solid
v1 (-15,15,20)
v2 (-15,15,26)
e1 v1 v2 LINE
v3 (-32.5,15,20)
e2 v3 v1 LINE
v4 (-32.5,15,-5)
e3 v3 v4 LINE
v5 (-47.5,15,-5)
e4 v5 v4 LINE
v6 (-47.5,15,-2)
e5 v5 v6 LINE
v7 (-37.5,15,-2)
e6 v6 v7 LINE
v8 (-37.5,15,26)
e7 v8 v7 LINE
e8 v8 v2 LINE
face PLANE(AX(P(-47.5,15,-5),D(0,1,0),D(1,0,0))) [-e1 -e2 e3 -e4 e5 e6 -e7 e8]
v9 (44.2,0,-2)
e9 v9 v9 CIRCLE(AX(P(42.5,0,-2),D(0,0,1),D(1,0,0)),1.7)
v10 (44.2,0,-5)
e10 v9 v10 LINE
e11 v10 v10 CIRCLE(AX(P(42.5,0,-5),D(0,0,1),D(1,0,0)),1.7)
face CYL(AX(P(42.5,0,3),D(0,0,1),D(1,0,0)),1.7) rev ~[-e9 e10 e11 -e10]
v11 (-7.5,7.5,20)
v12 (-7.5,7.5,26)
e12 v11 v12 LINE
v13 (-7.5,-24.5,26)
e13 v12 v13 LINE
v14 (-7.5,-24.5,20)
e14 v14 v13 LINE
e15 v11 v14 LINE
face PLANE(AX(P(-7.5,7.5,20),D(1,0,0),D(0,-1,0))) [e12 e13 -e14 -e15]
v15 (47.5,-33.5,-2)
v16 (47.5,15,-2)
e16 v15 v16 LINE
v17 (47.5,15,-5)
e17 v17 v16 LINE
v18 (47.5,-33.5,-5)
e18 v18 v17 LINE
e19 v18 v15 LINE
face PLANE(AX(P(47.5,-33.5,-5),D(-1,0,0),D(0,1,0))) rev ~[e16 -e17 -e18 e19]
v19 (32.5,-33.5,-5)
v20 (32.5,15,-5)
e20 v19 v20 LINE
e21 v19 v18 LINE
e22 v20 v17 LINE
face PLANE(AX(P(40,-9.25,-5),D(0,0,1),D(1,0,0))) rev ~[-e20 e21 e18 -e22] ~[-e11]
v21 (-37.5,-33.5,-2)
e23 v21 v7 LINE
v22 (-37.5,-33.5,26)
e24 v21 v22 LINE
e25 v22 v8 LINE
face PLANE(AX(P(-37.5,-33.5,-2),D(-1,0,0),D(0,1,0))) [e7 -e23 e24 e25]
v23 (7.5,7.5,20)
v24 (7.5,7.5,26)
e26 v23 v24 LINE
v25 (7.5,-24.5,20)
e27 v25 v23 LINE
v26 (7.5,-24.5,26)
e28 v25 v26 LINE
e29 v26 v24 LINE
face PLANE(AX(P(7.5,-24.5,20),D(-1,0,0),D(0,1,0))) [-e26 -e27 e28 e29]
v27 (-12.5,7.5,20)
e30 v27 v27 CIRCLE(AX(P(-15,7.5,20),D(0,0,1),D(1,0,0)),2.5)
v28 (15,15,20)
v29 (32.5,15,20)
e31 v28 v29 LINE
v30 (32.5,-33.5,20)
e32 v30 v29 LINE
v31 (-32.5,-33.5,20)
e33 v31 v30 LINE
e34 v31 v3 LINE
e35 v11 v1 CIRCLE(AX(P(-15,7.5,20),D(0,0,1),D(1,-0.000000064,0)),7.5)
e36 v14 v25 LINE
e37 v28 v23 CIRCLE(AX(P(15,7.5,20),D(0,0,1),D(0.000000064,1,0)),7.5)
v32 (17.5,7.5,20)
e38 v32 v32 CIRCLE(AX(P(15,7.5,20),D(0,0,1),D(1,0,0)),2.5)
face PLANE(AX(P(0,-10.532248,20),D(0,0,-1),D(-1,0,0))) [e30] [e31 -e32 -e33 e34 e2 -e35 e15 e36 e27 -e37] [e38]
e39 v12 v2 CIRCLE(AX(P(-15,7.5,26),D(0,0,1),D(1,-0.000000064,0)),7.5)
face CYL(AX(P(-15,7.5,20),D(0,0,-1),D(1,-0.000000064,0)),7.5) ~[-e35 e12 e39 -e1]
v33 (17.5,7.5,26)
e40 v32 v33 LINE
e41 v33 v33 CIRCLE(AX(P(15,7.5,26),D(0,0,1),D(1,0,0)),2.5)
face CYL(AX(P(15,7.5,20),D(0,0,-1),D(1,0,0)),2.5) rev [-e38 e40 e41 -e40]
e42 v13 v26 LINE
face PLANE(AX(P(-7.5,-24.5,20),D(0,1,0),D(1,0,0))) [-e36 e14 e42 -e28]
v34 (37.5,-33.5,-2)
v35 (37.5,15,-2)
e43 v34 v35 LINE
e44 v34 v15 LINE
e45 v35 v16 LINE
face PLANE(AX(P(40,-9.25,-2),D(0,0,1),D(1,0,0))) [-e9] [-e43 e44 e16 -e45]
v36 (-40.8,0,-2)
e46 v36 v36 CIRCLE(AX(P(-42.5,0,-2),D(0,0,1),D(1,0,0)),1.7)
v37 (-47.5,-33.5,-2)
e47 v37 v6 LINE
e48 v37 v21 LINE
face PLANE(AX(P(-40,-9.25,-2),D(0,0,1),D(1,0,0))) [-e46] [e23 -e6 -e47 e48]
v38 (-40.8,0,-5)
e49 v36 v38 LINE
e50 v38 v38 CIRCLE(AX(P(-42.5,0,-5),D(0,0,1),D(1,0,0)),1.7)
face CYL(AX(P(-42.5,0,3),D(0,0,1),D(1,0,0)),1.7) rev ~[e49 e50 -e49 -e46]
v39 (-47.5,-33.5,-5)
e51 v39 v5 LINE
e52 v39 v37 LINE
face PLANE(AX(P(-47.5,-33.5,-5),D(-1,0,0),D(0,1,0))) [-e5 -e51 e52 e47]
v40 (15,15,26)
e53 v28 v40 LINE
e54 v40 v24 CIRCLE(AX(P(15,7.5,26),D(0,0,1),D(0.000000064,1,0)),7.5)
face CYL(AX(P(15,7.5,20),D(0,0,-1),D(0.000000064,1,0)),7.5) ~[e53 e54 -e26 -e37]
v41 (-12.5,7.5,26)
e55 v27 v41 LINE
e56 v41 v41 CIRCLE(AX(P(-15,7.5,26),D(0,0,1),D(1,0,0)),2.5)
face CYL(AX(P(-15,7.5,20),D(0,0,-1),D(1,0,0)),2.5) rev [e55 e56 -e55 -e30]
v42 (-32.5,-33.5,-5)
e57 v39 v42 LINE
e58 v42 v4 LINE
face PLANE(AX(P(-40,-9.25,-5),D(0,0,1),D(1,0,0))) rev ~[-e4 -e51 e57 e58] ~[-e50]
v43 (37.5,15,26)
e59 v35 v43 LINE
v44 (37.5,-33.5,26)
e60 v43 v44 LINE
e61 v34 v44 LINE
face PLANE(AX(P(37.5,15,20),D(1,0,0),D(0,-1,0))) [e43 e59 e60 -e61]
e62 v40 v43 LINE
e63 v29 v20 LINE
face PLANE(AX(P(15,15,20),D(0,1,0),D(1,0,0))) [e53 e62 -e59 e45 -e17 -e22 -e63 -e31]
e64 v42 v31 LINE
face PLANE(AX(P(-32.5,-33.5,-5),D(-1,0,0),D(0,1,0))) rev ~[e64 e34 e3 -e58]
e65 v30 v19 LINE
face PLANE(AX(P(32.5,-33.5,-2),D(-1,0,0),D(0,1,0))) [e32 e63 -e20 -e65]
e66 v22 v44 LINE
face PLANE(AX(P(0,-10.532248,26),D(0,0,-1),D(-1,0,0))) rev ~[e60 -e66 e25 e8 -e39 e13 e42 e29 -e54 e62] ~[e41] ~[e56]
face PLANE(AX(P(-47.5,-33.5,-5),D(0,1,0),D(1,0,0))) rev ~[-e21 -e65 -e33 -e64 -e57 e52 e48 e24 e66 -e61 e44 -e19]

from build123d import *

# Parameters (mm, degrees)
SKETCH107_R   = 2.5
PAD038_DEPTH  = 6
SKETCH108_W   = 5
SKETCH108_H   = 48.5
PAD039_DEPTH  = 22
SKETCH109_W   = 15
SKETCH109_H   = 48.5
PAD040_DEPTH  = 3
SKETCH110_R   = 1.7
HOLE002_DEPTH = 25


with BuildPart() as part:
    # Sketch107 → Pad038 (new body)
    with BuildSketch(Plane.XY.offset(20)):
        with BuildLine():
            Line((-7.5, 7.5), (-7.5, -24.5))
            Line((-7.5, -24.5), (7.5, -24.5))
            Line((7.5, -24.5), (7.5, 7.5))
            ThreePointArc((15, 15), (9.696699, 12.803301), (7.5, 7.5))
            Line((15, 15), (37.5, 15))
            Line((37.5, 15), (37.5, -33.5))
            Line((0, -33.5), (37.5, -33.5))
            Line((-37.5, -33.5), (0, -33.5))
            Line((-37.5, -33.5), (-37.5, 15))
            Line((-37.5, 15), (-15, 15))
            ThreePointArc((-7.5, 7.5), (-9.696699, 12.803301), (-15, 15))
        make_face()
        with Locations((-15, 7.5)):
            Circle(SKETCH107_R, mode=Mode.SUBTRACT)
        with Locations((15, 7.5)):
            Circle(SKETCH107_R, mode=Mode.SUBTRACT)
    extrude(amount=PAD038_DEPTH)

    # Sketch108 → Pad039 (join)
    with BuildSketch(Plane.XY.offset(-2)):
        with Locations((-35, -9.25)):
            Rectangle(SKETCH108_W, SKETCH108_H)
        with Locations((35, -9.25)):
            Rectangle(SKETCH108_W, SKETCH108_H)
    extrude(amount=PAD039_DEPTH)

    # Sketch109 → Pad040 (join)
    with BuildSketch(Plane.XY.offset(-5)):
        with Locations((-40, -9.25)):
            Rectangle(SKETCH109_W, SKETCH109_H)
        with Locations((40, -9.25)):
            Rectangle(SKETCH109_W, SKETCH109_H)
    extrude(amount=PAD040_DEPTH)

    # Sketch110 → Hole002 (cut)
    with BuildSketch(Plane.XY.offset(3)):
        with Locations((-42.5, 0)):
            Circle(SKETCH110_R)
        with Locations((42.5, 0)):
            Circle(SKETCH110_R)
    extrude(amount=-HOLE002_DEPTH, mode=Mode.SUBTRACT)


solid = part.part
